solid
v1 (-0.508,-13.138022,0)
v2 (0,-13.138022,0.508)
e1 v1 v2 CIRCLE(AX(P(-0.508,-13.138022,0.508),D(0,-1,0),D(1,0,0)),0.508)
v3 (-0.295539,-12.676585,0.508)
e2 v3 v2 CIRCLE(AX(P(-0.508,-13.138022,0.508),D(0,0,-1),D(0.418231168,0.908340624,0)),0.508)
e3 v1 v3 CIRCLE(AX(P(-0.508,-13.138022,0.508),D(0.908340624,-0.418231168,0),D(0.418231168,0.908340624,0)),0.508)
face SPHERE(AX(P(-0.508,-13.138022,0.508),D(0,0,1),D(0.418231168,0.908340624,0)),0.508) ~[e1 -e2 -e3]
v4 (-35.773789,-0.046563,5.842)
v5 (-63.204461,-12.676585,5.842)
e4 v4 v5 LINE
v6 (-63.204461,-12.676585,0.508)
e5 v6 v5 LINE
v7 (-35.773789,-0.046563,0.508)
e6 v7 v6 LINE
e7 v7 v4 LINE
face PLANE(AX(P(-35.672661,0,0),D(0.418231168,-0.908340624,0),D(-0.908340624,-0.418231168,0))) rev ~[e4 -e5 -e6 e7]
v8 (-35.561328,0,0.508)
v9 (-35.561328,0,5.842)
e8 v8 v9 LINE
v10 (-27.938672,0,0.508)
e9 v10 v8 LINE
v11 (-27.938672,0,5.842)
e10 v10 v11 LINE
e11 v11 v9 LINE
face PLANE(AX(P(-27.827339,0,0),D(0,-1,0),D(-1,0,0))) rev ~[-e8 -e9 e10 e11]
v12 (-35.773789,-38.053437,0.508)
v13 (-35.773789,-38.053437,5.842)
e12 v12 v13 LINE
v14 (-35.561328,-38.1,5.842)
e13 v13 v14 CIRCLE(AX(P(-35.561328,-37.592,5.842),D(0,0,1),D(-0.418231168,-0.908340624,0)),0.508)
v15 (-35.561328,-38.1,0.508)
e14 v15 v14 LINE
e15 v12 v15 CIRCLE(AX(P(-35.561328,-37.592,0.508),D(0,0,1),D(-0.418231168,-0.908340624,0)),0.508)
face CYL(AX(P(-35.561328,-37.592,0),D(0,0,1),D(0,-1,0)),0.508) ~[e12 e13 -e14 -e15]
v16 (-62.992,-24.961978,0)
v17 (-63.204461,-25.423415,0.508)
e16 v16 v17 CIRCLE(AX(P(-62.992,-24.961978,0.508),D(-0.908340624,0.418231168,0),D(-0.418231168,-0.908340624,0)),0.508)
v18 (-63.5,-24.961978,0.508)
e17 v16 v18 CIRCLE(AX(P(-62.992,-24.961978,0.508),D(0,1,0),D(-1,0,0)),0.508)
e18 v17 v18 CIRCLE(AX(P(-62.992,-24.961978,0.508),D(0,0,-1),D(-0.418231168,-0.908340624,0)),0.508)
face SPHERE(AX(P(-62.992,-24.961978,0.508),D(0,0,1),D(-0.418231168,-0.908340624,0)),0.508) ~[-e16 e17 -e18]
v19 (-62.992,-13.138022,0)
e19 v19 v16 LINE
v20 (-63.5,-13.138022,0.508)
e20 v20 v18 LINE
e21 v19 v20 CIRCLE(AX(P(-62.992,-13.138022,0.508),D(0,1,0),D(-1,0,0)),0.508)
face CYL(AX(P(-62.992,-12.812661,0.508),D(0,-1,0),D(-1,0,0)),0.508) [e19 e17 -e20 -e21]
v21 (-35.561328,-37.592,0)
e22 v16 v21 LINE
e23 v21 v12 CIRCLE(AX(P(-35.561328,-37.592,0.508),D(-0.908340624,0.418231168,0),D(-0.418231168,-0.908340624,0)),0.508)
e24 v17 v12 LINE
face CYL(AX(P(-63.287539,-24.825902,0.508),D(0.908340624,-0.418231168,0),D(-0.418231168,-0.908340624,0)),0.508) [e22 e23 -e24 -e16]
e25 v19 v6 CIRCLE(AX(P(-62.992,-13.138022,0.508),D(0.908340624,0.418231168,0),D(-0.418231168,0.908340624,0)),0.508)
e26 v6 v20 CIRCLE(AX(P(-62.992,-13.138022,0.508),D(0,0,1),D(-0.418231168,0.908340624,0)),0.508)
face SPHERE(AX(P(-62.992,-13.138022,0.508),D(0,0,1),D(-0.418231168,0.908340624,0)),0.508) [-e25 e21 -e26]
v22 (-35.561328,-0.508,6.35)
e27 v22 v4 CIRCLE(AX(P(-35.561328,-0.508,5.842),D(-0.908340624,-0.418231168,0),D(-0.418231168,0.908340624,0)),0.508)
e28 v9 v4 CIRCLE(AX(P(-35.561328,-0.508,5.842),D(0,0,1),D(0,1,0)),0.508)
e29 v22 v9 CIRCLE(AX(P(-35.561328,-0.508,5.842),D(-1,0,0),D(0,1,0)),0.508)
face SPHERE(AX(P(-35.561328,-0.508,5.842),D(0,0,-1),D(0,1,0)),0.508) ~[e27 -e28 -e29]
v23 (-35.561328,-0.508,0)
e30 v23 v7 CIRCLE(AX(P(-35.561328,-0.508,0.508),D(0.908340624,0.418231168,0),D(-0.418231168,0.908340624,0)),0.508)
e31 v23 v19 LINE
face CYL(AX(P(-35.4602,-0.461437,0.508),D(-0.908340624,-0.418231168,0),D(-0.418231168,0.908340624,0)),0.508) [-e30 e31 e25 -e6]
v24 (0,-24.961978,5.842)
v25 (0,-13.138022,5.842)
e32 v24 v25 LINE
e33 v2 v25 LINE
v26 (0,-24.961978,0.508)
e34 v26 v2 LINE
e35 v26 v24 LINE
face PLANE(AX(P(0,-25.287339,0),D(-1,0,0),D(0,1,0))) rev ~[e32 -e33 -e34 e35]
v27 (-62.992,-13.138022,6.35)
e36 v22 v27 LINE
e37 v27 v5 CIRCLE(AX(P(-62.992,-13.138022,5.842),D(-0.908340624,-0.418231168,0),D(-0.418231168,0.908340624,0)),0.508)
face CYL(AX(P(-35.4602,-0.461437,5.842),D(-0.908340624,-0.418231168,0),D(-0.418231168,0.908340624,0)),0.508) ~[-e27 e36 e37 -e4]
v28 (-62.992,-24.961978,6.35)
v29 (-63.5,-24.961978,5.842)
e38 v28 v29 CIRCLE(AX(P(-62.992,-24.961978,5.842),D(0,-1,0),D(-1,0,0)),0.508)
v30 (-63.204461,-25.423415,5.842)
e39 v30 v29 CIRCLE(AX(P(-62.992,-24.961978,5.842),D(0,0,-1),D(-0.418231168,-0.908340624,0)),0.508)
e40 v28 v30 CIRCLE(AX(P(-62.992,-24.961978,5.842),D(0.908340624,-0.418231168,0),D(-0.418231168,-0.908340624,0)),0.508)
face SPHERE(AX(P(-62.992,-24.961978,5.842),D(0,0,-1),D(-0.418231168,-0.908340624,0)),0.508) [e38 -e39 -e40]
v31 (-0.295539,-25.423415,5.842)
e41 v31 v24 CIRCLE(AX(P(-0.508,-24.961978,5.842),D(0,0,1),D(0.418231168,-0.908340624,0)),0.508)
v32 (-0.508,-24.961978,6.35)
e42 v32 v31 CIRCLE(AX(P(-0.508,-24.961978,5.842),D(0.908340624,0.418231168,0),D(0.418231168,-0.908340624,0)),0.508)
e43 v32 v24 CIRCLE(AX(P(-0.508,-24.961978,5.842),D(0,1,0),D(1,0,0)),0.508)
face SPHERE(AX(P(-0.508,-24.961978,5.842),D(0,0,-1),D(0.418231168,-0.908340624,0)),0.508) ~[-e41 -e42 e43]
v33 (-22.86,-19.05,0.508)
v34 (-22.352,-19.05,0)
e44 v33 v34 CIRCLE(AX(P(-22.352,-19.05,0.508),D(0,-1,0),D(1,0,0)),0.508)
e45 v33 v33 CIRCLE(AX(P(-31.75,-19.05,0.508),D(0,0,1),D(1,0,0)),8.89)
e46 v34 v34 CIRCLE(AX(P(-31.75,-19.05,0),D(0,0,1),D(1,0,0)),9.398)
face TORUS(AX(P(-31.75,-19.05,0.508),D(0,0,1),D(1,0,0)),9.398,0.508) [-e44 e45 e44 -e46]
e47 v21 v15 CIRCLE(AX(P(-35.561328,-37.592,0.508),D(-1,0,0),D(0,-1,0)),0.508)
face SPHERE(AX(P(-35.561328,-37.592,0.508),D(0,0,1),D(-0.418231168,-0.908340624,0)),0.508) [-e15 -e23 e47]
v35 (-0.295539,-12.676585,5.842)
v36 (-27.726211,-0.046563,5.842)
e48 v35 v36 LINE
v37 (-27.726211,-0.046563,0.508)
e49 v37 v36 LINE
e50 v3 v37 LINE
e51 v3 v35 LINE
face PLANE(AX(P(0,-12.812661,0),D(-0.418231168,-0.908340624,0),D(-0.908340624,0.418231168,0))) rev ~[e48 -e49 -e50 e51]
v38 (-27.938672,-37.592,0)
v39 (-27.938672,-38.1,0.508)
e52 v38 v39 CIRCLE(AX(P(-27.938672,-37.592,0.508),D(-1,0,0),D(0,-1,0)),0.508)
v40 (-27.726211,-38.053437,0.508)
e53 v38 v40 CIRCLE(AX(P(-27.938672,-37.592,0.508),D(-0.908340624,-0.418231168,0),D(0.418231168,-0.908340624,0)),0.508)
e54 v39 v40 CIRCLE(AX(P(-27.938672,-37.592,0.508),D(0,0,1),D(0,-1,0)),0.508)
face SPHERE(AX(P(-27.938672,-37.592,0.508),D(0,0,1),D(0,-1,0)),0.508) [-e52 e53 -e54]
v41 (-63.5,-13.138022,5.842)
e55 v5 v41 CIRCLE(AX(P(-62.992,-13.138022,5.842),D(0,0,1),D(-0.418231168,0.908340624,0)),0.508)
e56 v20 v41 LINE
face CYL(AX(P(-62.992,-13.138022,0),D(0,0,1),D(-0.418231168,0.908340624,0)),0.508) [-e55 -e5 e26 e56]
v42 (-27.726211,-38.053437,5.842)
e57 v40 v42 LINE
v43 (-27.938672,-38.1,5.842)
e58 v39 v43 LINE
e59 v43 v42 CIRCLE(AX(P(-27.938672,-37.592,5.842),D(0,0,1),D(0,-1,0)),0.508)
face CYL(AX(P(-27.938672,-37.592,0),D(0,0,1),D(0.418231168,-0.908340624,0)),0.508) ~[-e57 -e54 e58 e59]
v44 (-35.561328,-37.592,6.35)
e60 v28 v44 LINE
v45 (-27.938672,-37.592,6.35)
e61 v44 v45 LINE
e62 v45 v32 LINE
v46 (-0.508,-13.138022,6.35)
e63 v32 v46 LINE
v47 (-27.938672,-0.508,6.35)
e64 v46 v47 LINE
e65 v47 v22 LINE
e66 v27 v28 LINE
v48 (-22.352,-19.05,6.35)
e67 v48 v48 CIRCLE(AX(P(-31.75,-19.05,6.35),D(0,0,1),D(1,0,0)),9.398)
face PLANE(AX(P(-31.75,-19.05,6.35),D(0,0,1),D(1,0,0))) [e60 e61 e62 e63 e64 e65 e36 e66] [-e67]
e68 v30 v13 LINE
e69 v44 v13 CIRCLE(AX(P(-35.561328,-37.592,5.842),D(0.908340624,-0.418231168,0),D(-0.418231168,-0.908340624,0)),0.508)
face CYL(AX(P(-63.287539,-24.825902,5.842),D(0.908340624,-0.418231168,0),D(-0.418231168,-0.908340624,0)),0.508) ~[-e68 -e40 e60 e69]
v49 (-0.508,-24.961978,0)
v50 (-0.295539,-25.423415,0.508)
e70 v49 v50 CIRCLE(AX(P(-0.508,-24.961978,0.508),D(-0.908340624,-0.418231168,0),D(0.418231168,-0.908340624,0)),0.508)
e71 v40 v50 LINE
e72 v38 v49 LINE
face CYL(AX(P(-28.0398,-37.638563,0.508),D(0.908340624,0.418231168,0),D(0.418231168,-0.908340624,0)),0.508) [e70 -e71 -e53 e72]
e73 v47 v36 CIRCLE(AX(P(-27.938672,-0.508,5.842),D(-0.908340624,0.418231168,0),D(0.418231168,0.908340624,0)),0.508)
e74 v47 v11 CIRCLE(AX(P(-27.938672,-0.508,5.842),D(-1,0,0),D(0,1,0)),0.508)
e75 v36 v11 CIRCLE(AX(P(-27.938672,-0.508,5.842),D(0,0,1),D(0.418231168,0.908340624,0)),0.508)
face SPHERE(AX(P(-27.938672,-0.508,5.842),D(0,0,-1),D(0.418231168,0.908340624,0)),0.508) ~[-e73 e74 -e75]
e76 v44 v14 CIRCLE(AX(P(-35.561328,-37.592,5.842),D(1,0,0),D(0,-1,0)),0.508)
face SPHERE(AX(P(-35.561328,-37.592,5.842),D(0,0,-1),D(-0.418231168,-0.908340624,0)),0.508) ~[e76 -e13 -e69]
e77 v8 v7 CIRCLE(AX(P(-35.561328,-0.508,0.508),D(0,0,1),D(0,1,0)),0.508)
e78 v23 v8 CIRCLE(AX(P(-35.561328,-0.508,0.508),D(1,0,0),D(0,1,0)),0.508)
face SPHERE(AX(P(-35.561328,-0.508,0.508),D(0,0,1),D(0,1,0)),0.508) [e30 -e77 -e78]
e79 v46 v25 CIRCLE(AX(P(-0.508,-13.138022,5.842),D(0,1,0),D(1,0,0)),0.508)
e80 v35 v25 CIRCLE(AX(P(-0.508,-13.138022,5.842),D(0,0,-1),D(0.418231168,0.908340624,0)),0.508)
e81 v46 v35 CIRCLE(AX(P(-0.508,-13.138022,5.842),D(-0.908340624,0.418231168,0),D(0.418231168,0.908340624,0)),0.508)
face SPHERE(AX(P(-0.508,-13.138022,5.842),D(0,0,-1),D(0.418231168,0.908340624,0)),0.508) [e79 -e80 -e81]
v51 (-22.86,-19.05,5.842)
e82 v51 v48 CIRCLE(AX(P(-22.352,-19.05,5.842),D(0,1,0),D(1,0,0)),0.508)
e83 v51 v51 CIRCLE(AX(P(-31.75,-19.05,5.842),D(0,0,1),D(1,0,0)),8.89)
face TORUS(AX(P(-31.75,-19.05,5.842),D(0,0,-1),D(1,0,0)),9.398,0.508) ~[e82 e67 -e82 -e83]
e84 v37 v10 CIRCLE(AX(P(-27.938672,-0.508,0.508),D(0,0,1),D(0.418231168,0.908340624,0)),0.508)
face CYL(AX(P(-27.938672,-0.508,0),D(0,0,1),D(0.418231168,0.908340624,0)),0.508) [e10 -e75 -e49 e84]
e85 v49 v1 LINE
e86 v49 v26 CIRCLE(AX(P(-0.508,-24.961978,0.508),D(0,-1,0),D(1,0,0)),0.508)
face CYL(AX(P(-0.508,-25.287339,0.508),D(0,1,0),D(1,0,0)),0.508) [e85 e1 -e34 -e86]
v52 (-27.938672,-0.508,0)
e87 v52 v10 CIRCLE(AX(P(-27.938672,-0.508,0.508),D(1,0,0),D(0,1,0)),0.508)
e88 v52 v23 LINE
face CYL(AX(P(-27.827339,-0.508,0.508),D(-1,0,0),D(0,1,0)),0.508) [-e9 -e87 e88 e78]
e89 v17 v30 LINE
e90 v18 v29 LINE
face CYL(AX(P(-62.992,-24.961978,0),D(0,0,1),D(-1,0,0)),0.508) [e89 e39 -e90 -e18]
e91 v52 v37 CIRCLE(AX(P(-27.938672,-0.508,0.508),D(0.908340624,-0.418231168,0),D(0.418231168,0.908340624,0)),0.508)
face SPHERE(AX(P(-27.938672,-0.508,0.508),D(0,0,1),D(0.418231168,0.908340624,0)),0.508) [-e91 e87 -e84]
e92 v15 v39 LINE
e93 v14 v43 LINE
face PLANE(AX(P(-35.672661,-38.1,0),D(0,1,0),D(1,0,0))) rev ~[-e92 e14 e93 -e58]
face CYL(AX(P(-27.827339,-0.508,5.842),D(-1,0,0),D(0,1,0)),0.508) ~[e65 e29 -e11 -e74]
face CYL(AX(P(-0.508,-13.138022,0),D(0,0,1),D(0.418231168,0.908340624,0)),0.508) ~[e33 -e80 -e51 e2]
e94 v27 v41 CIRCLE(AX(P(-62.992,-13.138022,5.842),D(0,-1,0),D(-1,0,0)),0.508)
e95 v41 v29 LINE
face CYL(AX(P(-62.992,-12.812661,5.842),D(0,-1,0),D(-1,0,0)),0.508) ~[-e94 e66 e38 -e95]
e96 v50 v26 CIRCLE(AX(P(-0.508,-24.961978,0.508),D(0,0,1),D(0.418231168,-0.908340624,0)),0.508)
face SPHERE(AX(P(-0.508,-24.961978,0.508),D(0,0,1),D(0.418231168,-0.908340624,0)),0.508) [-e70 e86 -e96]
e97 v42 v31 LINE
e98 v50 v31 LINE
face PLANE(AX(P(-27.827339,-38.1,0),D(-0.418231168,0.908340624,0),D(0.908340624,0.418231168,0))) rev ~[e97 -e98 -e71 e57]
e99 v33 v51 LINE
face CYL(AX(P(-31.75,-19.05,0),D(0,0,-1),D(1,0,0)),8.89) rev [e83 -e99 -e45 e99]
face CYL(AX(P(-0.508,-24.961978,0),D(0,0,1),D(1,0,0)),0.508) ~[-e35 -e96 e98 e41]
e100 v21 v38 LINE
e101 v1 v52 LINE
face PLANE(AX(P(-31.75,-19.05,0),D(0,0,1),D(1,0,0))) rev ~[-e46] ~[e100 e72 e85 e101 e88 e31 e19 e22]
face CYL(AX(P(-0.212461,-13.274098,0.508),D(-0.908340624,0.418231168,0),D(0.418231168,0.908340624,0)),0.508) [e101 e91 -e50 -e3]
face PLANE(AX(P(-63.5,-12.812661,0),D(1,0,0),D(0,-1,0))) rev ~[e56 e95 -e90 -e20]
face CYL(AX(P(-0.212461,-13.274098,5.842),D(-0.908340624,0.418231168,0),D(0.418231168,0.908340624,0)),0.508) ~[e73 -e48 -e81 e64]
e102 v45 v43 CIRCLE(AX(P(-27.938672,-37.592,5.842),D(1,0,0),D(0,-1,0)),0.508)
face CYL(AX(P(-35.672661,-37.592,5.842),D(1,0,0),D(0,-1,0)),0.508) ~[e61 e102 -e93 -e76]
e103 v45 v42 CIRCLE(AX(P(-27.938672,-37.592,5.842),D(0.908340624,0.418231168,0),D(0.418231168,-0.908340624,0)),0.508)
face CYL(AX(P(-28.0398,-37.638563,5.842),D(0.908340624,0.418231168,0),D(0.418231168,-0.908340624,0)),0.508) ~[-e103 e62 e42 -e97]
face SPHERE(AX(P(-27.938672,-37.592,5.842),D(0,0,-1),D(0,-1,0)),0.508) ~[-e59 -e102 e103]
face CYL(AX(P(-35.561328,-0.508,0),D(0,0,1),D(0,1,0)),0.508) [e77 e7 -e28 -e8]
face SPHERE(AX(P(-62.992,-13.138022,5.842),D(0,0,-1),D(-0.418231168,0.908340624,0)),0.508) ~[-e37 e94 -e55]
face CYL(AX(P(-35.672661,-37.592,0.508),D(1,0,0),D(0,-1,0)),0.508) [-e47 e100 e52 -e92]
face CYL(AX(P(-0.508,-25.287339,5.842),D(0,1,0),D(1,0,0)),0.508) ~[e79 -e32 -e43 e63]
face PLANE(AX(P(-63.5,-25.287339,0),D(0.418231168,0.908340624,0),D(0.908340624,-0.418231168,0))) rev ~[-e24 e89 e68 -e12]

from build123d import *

# Parameters (mm, degrees)
F0_R     = 8.89
F1_DEPTH = 6.35
F2_R     = 0.508


with BuildPart() as f1:
    # F0 (on Top) → F1 (new body)
    with BuildSketch(Plane.XY):
        Polygon((0, -12.812661), (-27.827339, 0), (-35.672661, 0), (-63.5, -12.812661), (-63.5, -25.287339), (-35.672661, -38.1), (-27.827339, -38.1), (0, -25.287339), align=None)
        with Locations((-31.75, -19.05)):
            Circle(F0_R, mode=Mode.SUBTRACT)
    extrude(amount=F1_DEPTH)

    # F2
    f2_edges = [f1.edges().sort_by_distance(p)[0] for p in [
        (-63.5, -25.287339, 3.175),
        (-35.672661, -38.1, 3.175),
        (-49.58633, -31.693669, 0),
        (-49.58633, -31.693669, 6.35),
        (-13.91367, -6.406331, 6.35),
        (-31.75, 0, 6.35),
        (-49.58633, -6.406331, 6.35),
        (-63.5, -19.05, 6.35),
        (-31.75, -38.1, 6.35),
        (-13.91367, -31.693669, 6.35),
        (0, -19.05, 6.35),
        (-40.64, -19.05, 6.35),
        (-13.91367, -6.406331, 0),
        (-31.75, 0, 0),
        (-49.58633, -6.406331, 0),
        (-63.5, -19.05, 0),
        (-31.75, -38.1, 0),
        (-13.91367, -31.693669, 0),
        (0, -19.05, 0),
        (-40.64, -19.05, 0),
        (-63.5, -12.812661, 3.175),
        (-35.672661, 0, 3.175),
        (-27.827339, 0, 3.175),
        (0, -12.812661, 3.175),
        (0, -25.287339, 3.175),
        (-27.827339, -38.1, 3.175),
    ]]
    fillet(f2_edges, radius=F2_R)


solid = f1.part
